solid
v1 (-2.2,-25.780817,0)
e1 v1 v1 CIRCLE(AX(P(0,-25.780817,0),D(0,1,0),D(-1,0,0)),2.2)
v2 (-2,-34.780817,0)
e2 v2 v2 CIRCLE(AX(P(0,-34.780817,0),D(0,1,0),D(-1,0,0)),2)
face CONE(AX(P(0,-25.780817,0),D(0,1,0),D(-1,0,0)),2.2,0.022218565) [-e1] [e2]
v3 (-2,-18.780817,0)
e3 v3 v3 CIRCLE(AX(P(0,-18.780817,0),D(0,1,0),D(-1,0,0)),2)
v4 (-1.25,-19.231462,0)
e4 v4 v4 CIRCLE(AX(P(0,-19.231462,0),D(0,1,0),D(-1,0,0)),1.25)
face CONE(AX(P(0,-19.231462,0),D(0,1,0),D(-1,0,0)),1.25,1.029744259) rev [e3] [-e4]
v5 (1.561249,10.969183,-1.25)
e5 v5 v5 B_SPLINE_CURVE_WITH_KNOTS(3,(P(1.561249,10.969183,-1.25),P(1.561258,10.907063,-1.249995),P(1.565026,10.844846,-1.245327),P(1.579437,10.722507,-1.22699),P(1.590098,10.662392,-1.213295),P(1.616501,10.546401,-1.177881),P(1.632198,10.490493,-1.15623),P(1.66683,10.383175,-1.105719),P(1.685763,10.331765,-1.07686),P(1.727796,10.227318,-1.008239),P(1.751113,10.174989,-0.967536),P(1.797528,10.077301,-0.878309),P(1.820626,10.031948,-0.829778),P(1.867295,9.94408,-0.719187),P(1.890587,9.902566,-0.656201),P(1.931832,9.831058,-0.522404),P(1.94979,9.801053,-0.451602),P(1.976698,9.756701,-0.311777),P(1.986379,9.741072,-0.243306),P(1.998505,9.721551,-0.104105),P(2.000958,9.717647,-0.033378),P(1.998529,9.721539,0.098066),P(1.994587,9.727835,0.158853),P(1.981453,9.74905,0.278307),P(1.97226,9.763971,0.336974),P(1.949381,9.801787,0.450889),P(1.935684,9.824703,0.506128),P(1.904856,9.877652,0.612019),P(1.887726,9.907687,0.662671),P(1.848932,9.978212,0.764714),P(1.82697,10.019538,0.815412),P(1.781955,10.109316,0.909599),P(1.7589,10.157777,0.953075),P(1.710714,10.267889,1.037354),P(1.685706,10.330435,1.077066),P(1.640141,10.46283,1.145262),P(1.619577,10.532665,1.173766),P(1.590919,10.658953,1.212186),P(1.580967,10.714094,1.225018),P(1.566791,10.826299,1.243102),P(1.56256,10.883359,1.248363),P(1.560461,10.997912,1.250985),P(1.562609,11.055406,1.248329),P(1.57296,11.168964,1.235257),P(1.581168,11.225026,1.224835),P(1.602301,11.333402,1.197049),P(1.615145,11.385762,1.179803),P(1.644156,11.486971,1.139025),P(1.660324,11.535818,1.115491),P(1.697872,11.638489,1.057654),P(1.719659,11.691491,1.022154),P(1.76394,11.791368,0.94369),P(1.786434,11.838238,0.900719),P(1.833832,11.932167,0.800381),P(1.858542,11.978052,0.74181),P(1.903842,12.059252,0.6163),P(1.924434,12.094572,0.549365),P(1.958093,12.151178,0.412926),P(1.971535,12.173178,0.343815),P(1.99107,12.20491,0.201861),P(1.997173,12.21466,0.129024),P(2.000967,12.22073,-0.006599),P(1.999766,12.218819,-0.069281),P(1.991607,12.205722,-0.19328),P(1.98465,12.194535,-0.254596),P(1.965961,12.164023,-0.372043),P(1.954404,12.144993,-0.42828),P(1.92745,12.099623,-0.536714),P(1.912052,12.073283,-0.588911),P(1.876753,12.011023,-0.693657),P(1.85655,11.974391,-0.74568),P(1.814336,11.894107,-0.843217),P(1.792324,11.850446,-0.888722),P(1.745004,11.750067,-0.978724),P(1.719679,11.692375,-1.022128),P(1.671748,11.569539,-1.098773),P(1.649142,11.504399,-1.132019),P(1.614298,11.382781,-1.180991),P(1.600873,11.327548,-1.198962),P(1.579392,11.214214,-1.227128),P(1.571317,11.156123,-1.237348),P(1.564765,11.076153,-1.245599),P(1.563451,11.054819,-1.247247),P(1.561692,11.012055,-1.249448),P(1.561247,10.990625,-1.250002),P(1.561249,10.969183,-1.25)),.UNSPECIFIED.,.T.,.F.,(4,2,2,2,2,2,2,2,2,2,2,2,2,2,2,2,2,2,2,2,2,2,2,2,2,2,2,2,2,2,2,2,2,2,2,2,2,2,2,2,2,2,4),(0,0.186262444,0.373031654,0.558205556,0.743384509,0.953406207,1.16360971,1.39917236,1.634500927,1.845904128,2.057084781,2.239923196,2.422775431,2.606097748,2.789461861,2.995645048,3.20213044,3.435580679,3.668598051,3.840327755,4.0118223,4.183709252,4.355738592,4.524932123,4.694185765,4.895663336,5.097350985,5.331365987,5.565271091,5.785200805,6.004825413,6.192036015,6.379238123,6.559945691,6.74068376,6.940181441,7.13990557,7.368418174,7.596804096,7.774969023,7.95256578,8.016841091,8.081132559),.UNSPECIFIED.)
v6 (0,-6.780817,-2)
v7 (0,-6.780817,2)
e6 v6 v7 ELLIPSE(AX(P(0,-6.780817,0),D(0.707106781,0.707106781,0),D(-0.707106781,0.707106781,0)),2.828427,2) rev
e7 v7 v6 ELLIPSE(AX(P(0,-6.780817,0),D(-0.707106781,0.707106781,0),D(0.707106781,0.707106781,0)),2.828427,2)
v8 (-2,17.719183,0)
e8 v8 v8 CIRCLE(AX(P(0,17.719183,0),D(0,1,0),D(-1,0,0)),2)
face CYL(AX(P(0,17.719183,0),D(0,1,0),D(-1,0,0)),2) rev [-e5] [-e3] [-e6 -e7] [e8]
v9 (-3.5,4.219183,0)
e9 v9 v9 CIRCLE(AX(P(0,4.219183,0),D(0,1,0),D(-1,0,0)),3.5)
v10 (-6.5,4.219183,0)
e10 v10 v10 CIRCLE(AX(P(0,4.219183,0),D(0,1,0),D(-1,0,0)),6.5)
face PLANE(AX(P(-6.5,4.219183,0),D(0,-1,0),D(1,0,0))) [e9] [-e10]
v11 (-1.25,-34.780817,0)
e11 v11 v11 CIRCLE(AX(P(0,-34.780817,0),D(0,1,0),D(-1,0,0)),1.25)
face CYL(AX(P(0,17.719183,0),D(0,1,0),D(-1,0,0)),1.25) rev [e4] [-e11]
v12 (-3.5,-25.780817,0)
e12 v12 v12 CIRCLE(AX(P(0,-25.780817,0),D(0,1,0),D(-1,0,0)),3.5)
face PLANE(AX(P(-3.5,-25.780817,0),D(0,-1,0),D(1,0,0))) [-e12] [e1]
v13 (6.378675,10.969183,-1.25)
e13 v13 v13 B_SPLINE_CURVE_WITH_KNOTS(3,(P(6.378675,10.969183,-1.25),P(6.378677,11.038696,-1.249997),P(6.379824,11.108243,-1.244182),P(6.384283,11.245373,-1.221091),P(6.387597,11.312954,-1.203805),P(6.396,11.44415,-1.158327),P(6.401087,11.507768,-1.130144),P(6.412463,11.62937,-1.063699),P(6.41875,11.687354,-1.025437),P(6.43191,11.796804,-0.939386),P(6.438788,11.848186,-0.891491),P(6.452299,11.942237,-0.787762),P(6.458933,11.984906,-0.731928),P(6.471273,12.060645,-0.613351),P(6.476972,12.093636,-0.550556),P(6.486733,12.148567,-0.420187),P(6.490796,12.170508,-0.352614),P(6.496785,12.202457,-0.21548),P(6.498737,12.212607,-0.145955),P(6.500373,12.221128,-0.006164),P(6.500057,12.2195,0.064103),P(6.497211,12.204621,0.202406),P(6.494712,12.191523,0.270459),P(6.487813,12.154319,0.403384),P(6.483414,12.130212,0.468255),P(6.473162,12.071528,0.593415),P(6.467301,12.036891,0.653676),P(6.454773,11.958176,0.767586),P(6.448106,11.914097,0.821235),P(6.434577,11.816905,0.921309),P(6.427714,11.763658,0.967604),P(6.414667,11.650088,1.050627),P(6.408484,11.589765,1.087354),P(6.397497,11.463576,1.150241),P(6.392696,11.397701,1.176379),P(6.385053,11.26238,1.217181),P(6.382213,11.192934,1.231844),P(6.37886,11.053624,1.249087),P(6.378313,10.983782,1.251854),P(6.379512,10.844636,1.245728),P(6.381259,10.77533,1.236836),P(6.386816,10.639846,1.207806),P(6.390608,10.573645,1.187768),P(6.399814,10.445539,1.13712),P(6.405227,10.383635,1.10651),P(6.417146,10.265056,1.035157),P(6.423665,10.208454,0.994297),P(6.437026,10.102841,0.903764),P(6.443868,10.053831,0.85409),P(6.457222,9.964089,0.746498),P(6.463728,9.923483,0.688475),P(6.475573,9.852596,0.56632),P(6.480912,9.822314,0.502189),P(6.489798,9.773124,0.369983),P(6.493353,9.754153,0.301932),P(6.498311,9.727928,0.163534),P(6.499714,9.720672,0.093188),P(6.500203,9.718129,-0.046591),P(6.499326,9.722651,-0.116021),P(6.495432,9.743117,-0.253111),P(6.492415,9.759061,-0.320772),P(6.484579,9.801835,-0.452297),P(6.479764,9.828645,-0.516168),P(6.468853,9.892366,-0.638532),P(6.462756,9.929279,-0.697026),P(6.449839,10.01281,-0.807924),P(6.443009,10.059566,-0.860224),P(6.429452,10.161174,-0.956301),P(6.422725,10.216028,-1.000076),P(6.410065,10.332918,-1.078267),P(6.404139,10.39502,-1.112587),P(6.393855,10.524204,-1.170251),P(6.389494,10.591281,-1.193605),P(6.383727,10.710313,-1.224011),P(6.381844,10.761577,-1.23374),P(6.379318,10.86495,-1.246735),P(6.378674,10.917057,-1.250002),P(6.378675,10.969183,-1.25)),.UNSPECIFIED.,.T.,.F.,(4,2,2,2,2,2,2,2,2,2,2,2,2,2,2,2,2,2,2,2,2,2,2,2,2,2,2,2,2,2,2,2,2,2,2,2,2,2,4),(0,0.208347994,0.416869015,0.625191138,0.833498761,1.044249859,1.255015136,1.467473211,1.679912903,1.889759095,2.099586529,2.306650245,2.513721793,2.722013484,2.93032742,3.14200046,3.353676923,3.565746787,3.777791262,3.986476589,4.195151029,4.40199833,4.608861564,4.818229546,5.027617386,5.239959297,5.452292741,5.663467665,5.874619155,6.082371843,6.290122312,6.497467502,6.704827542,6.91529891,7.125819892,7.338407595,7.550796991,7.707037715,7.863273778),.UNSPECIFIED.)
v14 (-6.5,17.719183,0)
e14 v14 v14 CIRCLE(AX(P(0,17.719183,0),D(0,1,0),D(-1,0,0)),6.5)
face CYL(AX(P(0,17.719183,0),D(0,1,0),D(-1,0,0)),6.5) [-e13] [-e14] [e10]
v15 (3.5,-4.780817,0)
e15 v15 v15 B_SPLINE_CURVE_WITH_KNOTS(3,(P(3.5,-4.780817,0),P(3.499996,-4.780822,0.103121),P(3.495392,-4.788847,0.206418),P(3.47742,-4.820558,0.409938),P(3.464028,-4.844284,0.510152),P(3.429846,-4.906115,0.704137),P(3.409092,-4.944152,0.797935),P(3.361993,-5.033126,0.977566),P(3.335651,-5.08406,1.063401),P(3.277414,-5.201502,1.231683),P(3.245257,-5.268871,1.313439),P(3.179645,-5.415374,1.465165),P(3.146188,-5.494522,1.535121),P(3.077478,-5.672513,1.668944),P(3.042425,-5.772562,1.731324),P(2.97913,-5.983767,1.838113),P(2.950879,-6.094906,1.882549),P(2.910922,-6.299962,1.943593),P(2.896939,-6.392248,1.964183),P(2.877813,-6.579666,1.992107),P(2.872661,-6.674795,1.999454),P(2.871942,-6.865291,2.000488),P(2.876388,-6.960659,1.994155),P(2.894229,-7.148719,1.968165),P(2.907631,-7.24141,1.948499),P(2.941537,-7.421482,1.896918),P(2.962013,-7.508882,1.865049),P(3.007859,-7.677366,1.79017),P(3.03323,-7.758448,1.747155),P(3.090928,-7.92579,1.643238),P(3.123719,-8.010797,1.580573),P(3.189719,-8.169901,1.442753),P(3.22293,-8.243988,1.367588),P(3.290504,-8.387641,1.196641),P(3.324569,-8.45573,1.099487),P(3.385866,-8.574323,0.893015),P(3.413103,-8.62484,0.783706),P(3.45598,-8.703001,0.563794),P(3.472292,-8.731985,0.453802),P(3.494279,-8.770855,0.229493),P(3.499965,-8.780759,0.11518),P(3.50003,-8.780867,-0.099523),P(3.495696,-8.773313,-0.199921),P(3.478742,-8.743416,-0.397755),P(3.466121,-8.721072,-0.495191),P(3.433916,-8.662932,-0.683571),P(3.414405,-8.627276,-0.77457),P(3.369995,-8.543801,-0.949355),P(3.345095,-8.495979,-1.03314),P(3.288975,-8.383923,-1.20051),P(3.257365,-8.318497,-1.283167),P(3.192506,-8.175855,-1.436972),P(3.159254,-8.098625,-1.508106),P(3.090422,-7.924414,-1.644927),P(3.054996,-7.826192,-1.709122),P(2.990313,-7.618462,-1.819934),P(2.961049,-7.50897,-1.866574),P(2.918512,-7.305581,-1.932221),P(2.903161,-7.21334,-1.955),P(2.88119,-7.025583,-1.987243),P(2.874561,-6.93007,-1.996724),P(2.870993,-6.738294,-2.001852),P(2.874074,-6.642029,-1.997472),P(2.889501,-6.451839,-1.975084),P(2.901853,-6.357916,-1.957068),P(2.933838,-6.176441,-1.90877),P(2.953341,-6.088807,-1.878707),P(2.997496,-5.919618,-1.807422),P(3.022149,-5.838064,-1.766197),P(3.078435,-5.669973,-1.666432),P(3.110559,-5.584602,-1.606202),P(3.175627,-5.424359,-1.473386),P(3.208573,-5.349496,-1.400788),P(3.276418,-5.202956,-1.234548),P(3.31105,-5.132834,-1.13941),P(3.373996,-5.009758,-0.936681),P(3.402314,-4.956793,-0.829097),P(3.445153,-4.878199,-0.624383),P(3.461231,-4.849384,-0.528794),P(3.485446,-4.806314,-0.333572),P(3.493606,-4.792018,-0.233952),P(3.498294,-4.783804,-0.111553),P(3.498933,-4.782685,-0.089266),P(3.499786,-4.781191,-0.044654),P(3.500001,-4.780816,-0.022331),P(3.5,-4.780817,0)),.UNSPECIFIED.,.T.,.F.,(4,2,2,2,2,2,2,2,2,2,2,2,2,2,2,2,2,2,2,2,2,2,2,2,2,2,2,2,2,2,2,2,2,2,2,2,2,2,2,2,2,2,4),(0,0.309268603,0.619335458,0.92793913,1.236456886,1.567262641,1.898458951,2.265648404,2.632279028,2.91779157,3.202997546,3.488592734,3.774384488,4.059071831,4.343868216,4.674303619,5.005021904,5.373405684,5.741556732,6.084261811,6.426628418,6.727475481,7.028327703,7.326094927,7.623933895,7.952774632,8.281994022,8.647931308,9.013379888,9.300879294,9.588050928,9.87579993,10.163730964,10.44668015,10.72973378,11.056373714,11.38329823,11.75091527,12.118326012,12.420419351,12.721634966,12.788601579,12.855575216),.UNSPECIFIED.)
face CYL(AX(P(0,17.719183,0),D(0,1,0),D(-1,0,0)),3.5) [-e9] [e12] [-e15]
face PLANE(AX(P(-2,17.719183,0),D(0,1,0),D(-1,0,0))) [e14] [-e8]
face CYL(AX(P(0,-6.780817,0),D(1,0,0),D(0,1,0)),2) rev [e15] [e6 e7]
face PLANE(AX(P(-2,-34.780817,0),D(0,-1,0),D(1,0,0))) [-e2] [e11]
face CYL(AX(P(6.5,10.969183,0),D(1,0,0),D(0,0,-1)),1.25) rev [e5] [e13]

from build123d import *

# Parameters (mm, degrees)
SKETCH_2_R            = 2
CUT_EXTRUDE_1_DEPTH   = 3.5
HOLE_WIZARD_M31_D     = 2.5
HOLE_WIZARD_M31_DEPTH = 6
HOLE_WIZARD_M31_TIP   = 0.751075774


with BuildPart() as part:
    # Эскиз1 → Повернуть1 (revolve)
    with BuildSketch(Plane.XY):
        Polygon((-2, -34.780816616), (-1.25, -34.780816616), (-1.25, -19.23146208), (-2, -18.780816616), (-2, 17.719183384), (-6.5, 17.719183384), (-6.5, 4.219183384), (-3.5, 4.219183384), (-3.5, -25.780816616), (-2.2, -25.780816616), align=None)
    revolve(axis=Axis((0, 17.719183384, 0), (0, -1, 0)))

    # Эскиз2 → Вырез-Вытянуть1 (cut)
    with BuildSketch(Plane(origin=(3.5, 0, 0), x_dir=(0, 0, -1), z_dir=(1, 0, 0))):
        with Locations((0, -6.780816616)):
            Circle(SKETCH_2_R)
    extrude(amount=-CUT_EXTRUDE_1_DEPTH, mode=Mode.SUBTRACT)

    # Отверстие обработанное метчиком M31
    with Locations(Plane(origin=(6.5, 0, 0), x_dir=(0, 0, -1), z_dir=(1, 0, 0))):
        with Locations((0, 10.969183384)):
            Hole(HOLE_WIZARD_M31_D / 2, depth=HOLE_WIZARD_M31_DEPTH)
            with Locations((0, 0, -(HOLE_WIZARD_M31_DEPTH + HOLE_WIZARD_M31_TIP / 2))):  # 118° drill point
                Cone(0, HOLE_WIZARD_M31_D / 2, HOLE_WIZARD_M31_TIP, mode=Mode.SUBTRACT)


solid = part.part
